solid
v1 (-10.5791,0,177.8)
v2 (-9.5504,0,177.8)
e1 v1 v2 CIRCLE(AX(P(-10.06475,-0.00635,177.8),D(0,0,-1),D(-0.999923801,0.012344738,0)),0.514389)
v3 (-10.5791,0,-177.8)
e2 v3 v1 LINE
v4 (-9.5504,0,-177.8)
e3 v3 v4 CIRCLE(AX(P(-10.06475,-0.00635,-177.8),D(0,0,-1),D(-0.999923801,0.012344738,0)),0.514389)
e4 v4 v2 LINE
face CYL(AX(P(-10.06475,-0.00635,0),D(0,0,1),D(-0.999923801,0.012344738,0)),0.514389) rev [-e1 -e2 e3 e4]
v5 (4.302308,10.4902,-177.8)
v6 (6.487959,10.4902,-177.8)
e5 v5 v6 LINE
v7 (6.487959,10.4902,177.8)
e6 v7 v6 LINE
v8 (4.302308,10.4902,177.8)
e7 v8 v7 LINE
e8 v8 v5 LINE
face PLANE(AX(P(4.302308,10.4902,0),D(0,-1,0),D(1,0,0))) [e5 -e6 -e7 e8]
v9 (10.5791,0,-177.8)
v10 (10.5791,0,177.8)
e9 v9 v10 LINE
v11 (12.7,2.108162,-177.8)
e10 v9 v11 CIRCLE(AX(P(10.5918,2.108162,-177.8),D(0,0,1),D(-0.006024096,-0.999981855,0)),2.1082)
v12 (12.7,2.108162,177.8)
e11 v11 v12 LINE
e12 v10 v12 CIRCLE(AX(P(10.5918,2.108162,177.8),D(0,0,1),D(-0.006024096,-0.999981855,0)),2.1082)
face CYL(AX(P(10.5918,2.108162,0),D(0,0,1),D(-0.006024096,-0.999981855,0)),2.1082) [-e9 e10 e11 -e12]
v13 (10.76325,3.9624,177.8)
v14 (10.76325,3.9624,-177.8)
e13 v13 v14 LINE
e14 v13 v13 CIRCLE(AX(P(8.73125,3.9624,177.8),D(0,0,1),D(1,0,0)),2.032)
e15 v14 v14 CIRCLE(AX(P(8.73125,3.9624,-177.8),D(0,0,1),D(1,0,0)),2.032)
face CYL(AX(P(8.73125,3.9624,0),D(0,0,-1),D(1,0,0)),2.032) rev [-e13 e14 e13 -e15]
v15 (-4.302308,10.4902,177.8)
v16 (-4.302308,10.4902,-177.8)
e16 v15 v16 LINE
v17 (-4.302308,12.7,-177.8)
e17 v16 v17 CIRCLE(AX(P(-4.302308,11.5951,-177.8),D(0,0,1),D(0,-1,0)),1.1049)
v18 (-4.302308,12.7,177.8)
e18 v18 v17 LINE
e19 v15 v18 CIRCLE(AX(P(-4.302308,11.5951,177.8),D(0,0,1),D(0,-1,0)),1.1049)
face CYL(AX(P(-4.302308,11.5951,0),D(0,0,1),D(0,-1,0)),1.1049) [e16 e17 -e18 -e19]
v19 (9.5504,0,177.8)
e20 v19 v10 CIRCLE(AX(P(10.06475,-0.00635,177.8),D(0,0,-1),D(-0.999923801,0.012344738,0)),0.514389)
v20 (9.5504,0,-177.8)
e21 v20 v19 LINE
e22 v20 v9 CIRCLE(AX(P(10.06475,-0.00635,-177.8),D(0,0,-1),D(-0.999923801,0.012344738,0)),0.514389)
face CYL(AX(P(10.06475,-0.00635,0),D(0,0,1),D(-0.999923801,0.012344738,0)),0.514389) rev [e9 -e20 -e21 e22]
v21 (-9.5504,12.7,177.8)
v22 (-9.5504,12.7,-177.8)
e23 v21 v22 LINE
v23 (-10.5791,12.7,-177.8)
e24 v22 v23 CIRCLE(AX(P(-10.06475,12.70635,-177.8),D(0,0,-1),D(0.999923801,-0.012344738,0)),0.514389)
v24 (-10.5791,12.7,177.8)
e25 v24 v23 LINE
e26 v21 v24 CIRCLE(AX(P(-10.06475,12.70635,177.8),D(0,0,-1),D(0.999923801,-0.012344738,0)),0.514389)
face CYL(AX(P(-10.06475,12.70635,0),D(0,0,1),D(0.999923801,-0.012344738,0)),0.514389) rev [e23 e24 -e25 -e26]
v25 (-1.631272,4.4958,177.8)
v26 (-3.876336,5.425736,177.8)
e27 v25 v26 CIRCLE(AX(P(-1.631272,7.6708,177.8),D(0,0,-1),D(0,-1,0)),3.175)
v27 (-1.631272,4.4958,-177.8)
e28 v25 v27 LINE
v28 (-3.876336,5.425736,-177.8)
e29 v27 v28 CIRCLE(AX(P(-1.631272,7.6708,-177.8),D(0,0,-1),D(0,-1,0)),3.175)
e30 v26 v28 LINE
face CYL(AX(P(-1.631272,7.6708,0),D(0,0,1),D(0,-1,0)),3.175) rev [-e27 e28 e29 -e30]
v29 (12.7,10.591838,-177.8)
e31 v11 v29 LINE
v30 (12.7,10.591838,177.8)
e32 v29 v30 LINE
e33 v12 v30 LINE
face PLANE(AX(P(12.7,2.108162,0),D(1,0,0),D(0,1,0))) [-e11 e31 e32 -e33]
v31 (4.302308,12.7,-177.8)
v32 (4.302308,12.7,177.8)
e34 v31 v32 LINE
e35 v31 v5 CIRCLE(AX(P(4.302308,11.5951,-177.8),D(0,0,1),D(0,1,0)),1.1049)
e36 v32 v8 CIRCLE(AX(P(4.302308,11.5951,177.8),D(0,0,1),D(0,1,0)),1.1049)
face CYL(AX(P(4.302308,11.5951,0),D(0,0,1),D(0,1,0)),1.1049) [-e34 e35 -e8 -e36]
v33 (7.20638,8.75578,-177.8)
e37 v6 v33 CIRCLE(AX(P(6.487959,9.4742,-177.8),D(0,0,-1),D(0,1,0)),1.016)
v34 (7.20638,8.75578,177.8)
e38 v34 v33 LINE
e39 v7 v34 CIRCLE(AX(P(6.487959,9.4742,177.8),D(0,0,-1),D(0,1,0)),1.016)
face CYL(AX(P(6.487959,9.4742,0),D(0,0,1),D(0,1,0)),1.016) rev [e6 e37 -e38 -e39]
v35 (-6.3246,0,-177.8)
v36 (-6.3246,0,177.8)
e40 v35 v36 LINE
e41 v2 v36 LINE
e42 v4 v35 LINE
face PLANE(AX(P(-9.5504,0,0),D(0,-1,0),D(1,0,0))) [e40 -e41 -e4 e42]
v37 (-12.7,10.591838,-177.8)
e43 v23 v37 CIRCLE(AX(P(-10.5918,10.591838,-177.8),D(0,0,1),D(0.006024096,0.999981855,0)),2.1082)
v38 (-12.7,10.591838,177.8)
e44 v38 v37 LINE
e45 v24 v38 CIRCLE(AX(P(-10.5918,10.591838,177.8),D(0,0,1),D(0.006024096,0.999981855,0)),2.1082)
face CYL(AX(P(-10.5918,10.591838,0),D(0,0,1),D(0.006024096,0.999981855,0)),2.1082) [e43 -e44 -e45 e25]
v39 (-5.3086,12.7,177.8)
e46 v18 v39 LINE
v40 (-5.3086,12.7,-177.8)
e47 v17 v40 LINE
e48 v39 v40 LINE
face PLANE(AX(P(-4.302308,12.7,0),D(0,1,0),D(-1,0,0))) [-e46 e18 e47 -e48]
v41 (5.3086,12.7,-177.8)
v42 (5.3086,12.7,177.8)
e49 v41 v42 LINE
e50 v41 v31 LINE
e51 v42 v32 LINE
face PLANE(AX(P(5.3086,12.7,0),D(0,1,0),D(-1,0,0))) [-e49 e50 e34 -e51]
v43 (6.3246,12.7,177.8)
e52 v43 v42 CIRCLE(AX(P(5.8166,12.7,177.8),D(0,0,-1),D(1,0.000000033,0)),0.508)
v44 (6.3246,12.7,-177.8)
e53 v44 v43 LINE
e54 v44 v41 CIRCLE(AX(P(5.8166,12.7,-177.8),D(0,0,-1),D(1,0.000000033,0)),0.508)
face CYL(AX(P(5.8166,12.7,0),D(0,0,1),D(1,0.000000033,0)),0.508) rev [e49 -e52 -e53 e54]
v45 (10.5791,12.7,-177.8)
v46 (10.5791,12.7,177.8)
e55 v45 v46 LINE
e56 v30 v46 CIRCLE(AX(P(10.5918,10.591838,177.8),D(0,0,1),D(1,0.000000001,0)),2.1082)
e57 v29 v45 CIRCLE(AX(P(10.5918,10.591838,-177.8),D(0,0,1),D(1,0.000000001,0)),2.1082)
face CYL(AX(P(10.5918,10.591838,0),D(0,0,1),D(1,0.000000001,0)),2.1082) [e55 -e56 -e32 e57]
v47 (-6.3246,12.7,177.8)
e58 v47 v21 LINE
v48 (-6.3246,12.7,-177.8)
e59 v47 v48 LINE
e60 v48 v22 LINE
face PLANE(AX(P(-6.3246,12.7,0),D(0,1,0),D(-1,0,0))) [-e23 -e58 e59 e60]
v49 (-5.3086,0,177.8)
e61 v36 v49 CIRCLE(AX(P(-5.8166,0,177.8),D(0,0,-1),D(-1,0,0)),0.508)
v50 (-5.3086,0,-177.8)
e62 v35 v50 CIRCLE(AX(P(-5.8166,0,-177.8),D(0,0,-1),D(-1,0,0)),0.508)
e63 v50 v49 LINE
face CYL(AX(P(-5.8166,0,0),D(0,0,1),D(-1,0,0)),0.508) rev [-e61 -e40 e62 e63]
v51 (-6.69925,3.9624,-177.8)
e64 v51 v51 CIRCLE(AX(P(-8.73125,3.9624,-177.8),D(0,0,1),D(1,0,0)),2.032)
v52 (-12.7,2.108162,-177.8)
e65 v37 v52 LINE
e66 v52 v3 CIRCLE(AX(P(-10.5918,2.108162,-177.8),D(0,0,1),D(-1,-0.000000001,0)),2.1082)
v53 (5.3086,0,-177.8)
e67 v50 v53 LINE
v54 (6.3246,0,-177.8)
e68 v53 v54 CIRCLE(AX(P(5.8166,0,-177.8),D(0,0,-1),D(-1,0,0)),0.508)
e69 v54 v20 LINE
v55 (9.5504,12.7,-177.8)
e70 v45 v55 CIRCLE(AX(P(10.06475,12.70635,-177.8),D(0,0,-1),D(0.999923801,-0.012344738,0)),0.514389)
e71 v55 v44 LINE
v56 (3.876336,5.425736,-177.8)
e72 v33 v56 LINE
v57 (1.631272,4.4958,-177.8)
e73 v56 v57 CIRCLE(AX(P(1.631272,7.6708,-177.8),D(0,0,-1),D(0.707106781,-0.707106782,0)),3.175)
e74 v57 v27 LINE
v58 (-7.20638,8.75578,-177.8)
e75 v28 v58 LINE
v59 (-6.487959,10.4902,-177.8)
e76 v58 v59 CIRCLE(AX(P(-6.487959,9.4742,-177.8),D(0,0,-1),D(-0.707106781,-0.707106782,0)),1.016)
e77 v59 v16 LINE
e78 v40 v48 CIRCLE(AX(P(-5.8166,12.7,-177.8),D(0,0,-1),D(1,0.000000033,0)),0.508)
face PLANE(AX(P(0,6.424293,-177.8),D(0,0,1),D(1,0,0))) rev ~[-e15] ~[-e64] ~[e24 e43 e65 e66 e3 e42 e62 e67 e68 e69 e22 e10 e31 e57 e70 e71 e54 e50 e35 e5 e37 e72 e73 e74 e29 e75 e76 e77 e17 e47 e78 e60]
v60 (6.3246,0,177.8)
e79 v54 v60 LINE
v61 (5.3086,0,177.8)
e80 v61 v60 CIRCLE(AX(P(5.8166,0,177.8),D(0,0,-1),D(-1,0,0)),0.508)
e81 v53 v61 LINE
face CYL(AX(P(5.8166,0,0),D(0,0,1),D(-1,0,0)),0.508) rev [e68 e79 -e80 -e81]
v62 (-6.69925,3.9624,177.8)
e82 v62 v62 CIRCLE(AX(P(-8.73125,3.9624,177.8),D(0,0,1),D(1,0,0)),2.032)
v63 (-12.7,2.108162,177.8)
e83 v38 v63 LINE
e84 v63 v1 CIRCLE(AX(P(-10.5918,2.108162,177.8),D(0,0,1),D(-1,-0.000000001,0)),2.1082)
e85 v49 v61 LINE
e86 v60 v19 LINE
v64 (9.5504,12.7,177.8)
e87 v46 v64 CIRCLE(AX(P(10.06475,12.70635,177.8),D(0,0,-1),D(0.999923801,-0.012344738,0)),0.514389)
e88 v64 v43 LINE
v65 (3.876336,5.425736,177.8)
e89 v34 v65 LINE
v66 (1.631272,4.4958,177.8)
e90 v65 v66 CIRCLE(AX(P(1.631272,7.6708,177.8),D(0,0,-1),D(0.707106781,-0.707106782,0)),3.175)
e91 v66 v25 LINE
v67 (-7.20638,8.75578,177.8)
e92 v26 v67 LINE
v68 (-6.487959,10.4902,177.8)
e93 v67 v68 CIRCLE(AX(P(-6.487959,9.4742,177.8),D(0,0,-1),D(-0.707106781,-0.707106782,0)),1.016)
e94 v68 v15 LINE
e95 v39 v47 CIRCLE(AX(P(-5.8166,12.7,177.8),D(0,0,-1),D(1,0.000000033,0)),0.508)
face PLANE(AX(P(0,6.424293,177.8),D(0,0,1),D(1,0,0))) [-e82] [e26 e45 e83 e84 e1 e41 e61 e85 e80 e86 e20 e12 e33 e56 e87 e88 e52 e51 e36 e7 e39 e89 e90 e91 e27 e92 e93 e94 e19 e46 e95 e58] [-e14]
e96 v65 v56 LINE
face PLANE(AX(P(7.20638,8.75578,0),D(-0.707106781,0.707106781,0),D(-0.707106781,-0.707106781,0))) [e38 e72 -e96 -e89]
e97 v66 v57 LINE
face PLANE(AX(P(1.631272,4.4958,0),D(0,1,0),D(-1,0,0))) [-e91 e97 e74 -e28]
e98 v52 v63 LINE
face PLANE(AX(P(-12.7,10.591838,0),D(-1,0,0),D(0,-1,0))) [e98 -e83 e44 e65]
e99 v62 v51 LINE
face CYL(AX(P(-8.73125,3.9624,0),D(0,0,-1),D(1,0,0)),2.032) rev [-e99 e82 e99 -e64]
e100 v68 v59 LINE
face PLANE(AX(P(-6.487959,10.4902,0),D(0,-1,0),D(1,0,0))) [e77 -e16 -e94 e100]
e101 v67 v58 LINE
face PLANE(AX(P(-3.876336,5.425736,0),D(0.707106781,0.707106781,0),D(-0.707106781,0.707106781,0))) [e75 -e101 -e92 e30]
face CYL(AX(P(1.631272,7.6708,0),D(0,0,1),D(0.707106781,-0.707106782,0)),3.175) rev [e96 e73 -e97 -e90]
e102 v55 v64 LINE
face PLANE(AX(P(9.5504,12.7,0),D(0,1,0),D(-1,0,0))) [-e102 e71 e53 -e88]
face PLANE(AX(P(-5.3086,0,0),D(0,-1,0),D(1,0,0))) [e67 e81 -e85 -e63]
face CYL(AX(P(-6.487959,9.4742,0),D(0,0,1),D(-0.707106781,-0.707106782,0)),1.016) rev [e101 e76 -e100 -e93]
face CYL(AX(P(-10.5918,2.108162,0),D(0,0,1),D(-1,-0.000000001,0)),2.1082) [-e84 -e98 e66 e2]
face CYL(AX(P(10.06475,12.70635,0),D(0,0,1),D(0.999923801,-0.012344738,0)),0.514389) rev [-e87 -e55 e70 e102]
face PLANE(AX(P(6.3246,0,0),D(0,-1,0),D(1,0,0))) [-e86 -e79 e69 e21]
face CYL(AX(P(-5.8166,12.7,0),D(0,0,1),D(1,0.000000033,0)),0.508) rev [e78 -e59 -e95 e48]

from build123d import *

# Parameters (mm, degrees)
SKETCH1_R           = 2.032
BOSS_EXTRUDE1_DEPTH = 177.8


with BuildPart() as part:
    # Sketch1 → Boss-Extrude1 (new, symmetric)
    with BuildSketch(Plane.XY):
        with BuildLine():
            Line((-12.7, 10.591838253), (-12.7, 2.108161747))
            ThreePointArc((-12.7, 2.108161747), (-12.078025605, 0.612955845), (-10.5791, 0))
            ThreePointArc((-10.5791, 0), (-10.06475, 0.508039196), (-9.5504, 0))
            Line((-9.5504, 0), (-6.3246, 0))
            ThreePointArc((-6.3246, 0), (-5.8166, 0.508), (-5.3086, 0))
            Line((-5.3086, 0), (5.3086, 0))
            ThreePointArc((5.3086, 0), (5.8166, 0.508), (6.3246, 0))
            Line((6.3246, 0), (9.5504, 0))
            ThreePointArc((9.5504, 0), (10.06475, 0.508039196), (10.5791, 0))
            ThreePointArc((10.5791, 0), (12.078025605, 0.612955845), (12.7, 2.108161747))
            Line((12.7, 2.108161747), (12.7, 10.591838253))
            ThreePointArc((12.7, 10.591838253), (12.078025605, 12.087044155), (10.5791, 12.7))
            ThreePointArc((10.5791, 12.7), (10.06475, 12.191960804), (9.5504, 12.7))
            Line((9.5504, 12.7), (6.3246, 12.7))
            ThreePointArc((6.3246, 12.7), (5.816599999, 12.191999983), (5.3086, 12.700000002))
            Line((5.3086, 12.700000002), (4.302307889, 12.700000002))
            ThreePointArc((4.302307889, 12.700000002), (3.197407889, 11.595100002), (4.302307889, 10.490200002))
            Line((4.302307889, 10.490200002), (6.487959021, 10.490200002))
            ThreePointArc((6.487959021, 10.490200002), (7.426620626, 9.863006369), (7.20637951, 8.755779512))
            Line((7.20637951, 8.755779512), (3.87633597, 5.425735971))
            ThreePointArc((3.87633597, 5.425735971), (2.846291837, 4.737482486), (1.631271939, 4.495800002))
            Line((1.631271939, 4.495800002), (-1.631271939, 4.495800002))
            ThreePointArc((-1.631271939, 4.495800002), (-2.846291837, 4.737482486), (-3.87633597, 5.425735971))
            Line((-3.87633597, 5.425735971), (-7.20637951, 8.755779512))
            ThreePointArc((-7.20637951, 8.755779512), (-7.426620626, 9.863006369), (-6.487959021, 10.490200002))
            Line((-6.487959021, 10.490200002), (-4.302307889, 10.490200002))
            ThreePointArc((-4.302307889, 10.490200002), (-3.197407889, 11.595100002), (-4.302307889, 12.700000002))
            Line((-4.302307889, 12.700000002), (-5.3086, 12.700000002))
            ThreePointArc((-5.3086, 12.700000002), (-5.816599999, 12.191999985), (-6.3246, 12.7))
            Line((-6.3246, 12.7), (-9.5504, 12.7))
            ThreePointArc((-9.5504, 12.7), (-10.06475, 12.191960804), (-10.5791, 12.7))
            ThreePointArc((-10.5791, 12.7), (-12.078025605, 12.087044155), (-12.7, 10.591838253))
        make_face()
        with Locations((-8.73125, 3.9624)):
            Circle(SKETCH1_R, mode=Mode.SUBTRACT)
        with Locations((8.73125, 3.9624)):
            Circle(SKETCH1_R, mode=Mode.SUBTRACT)
    extrude(amount=BOSS_EXTRUDE1_DEPTH, both=True)


solid = part.part
